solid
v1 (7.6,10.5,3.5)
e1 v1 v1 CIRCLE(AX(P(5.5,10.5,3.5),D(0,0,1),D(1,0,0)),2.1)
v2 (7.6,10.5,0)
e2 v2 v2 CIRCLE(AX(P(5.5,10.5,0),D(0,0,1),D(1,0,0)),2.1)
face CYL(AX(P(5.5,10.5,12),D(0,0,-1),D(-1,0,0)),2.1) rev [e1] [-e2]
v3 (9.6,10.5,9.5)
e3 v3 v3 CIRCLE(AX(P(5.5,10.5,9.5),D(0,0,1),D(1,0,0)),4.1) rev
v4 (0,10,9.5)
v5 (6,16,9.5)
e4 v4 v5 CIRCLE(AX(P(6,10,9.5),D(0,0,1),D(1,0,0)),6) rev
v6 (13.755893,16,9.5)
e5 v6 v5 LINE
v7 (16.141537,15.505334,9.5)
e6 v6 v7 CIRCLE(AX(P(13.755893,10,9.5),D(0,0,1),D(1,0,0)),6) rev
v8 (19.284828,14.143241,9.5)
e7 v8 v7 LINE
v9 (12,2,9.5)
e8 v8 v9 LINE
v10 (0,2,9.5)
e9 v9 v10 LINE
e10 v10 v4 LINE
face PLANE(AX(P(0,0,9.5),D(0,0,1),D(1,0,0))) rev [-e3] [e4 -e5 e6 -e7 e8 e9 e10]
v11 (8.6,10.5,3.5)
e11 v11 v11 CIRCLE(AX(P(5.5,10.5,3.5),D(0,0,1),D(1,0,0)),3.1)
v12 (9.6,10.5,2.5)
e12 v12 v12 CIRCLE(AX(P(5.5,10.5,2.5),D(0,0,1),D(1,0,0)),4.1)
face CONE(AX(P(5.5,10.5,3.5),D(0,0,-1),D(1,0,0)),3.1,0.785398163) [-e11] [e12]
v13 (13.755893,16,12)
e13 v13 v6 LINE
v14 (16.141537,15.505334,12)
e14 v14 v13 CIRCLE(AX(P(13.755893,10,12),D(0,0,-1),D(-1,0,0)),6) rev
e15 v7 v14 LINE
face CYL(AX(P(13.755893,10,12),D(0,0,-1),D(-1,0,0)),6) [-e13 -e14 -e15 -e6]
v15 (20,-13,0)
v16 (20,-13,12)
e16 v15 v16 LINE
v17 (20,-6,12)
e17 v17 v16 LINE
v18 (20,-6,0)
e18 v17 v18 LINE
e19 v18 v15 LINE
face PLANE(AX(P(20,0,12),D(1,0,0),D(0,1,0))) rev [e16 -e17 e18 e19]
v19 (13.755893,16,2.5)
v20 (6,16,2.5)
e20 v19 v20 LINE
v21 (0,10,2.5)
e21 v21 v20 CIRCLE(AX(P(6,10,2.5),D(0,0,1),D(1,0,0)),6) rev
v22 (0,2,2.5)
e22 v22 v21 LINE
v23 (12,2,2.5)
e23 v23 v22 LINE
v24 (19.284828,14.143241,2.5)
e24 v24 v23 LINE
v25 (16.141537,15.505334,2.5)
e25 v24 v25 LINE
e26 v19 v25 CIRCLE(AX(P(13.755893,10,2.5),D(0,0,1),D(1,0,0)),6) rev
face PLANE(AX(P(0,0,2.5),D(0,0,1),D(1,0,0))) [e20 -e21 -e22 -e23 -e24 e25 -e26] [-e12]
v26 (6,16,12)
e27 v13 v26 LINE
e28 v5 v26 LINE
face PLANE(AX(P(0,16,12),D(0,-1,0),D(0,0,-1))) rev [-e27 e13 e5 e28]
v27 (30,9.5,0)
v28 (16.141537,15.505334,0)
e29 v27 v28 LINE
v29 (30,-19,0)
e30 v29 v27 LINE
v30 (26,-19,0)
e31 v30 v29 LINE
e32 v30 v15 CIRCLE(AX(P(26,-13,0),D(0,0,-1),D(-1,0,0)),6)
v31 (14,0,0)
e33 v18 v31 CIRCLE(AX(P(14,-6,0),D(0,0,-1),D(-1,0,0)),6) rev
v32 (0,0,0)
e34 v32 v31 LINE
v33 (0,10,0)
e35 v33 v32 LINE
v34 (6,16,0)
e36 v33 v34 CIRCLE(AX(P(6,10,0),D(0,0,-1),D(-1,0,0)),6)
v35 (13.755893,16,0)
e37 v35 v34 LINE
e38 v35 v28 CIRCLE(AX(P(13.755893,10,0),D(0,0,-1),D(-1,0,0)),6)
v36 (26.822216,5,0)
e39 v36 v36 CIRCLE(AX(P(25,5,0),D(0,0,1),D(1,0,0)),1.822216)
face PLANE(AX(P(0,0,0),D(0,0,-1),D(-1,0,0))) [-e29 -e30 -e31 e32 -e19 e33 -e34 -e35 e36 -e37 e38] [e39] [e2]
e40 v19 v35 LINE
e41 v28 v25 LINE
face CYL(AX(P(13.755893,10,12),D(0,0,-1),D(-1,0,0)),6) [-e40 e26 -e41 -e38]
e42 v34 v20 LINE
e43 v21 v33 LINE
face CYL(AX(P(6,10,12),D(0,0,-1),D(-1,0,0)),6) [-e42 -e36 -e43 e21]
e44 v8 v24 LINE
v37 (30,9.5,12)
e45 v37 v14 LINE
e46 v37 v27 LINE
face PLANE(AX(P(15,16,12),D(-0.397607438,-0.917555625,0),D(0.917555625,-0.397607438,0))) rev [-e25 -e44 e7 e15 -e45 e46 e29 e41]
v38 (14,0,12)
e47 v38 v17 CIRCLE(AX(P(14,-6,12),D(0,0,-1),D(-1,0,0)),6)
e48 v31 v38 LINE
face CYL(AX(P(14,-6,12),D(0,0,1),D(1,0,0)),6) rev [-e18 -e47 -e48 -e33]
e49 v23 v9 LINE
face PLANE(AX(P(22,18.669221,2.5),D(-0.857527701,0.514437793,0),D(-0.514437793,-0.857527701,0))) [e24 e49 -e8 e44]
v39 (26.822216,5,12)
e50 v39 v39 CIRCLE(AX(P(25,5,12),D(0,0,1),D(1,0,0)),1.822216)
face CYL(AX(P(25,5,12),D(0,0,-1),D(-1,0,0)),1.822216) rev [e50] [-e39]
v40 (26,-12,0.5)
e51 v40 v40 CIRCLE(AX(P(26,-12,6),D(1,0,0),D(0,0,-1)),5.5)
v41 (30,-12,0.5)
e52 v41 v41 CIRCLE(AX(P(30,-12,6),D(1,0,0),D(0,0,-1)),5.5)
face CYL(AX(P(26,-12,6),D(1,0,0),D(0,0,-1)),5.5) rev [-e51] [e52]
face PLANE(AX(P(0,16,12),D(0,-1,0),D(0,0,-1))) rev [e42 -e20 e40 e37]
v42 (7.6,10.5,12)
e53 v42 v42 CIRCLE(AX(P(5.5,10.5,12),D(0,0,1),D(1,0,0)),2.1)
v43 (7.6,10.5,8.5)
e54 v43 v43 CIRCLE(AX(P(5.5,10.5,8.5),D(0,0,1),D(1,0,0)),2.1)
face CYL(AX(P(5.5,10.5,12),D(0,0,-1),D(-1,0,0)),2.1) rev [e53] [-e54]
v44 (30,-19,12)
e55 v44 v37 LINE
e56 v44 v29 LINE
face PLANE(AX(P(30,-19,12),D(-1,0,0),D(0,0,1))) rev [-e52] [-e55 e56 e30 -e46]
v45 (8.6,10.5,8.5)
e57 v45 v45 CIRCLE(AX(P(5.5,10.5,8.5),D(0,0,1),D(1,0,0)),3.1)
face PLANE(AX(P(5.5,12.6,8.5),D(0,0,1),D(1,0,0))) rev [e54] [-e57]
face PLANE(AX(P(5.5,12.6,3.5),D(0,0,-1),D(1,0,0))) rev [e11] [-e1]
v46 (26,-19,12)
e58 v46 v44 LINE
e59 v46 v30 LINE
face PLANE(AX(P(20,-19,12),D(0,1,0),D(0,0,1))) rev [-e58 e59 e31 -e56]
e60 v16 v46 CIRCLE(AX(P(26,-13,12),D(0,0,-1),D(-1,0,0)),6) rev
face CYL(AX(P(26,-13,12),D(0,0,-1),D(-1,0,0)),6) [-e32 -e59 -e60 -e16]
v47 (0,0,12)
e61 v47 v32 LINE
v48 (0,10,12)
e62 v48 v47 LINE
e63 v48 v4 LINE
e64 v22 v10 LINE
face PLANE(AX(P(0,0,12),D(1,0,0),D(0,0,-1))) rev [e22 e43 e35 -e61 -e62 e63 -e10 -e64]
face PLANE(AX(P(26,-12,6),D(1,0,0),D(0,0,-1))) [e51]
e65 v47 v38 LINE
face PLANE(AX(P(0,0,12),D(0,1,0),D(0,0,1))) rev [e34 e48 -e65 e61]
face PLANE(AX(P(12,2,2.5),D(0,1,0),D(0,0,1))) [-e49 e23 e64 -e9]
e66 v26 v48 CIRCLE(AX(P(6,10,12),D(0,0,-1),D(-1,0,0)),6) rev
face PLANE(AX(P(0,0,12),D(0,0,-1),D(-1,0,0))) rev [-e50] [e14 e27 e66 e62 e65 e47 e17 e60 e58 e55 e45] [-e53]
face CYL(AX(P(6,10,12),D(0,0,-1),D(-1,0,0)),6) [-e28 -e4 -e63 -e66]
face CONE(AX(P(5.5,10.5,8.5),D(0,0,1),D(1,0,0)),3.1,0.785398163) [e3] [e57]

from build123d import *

# Parameters (mm, degrees)
SKETCH1_R               = 1.822216084
SKETCH1_R_2             = 2.1
BOSS_EXTRUDE1_DEPTH     = 12
FILLET1_R               = 6
CUT_EXTRUDE1_DEPTH      = 3.5
CUT_EXTRUDE1_DEPTH_BACK = 3.5
SKETCH5_R               = 5.5
CUT_EXTRUDE2_DEPTH      = 4


with BuildPart() as part:
    # Sketch1 → Boss-Extrude1 (new body)
    with BuildSketch(Plane.XY):
        Polygon((15, 16), (30, 9.5), (30, -19), (20, -19), (20, 0), (0, 0), (0, 16), align=None)
        with Locations((25, 5)):
            Circle(SKETCH1_R, mode=Mode.SUBTRACT)
        with Locations((5.5, 10.5)):
            Circle(SKETCH1_R_2, mode=Mode.SUBTRACT)
    extrude(amount=BOSS_EXTRUDE1_DEPTH)

    # Fillet1
    fillet1_edges = [part.edges().sort_by_distance(p)[0] for p in [
        (0, 16, 6),
        (15, 16, 6),
        (20, -19, 6),
        (20, 0, 6),
    ]]
    fillet(fillet1_edges, radius=FILLET1_R)

    # Sketch2 → Cut-Extrude1 (cut, two sides: drawn at the far end of the back side and taken through both)
    with BuildSketch(Plane(origin=(0, 0, 6), x_dir=(-1, 0, 0), z_dir=(0, 0, -1)).offset(-CUT_EXTRUDE1_DEPTH_BACK)):
        Polygon((-22, 18.66922052), (-12, 2), (0, 2), (0, 22), align=None)
    extrude(amount=CUT_EXTRUDE1_DEPTH + CUT_EXTRUDE1_DEPTH_BACK, mode=Mode.SUBTRACT)

    # Sketch4 → Revolve1 (revolve)
    with BuildSketch(Plane(origin=(5.5, 0, 0), x_dir=(0, 0, -1), z_dir=(1, 0, 0)), mode=Mode.PRIVATE) as revolve1_sk:
        Polygon((-9.5, 12.6), (-8.5, 12.6), (-8.5, 13.6), (-9.5, 14.6), align=None)
    revolve1 = revolve(revolve1_sk.sketch.rotate(Axis((5.5, 10.5, 12), (0, 0, -1)), 90), axis=Axis((5.5, 10.5, 12), (0, 0, -1)))

    # Mirror1: Revolve1 across plane
    add(revolve1.mirror(Plane(origin=(0, 0, 6), x_dir=(1, 0, 0), z_dir=(0, 0, -1))))

    # Sketch5 → Cut-Extrude2 (cut)
    with BuildSketch(Plane(origin=(30, 0, 0), x_dir=(0, 0, -1), z_dir=(1, 0, 0))):
        with Locations((-6, -12)):
            Circle(SKETCH5_R)
    extrude(amount=-CUT_EXTRUDE2_DEPTH, mode=Mode.SUBTRACT)


solid = part.part
